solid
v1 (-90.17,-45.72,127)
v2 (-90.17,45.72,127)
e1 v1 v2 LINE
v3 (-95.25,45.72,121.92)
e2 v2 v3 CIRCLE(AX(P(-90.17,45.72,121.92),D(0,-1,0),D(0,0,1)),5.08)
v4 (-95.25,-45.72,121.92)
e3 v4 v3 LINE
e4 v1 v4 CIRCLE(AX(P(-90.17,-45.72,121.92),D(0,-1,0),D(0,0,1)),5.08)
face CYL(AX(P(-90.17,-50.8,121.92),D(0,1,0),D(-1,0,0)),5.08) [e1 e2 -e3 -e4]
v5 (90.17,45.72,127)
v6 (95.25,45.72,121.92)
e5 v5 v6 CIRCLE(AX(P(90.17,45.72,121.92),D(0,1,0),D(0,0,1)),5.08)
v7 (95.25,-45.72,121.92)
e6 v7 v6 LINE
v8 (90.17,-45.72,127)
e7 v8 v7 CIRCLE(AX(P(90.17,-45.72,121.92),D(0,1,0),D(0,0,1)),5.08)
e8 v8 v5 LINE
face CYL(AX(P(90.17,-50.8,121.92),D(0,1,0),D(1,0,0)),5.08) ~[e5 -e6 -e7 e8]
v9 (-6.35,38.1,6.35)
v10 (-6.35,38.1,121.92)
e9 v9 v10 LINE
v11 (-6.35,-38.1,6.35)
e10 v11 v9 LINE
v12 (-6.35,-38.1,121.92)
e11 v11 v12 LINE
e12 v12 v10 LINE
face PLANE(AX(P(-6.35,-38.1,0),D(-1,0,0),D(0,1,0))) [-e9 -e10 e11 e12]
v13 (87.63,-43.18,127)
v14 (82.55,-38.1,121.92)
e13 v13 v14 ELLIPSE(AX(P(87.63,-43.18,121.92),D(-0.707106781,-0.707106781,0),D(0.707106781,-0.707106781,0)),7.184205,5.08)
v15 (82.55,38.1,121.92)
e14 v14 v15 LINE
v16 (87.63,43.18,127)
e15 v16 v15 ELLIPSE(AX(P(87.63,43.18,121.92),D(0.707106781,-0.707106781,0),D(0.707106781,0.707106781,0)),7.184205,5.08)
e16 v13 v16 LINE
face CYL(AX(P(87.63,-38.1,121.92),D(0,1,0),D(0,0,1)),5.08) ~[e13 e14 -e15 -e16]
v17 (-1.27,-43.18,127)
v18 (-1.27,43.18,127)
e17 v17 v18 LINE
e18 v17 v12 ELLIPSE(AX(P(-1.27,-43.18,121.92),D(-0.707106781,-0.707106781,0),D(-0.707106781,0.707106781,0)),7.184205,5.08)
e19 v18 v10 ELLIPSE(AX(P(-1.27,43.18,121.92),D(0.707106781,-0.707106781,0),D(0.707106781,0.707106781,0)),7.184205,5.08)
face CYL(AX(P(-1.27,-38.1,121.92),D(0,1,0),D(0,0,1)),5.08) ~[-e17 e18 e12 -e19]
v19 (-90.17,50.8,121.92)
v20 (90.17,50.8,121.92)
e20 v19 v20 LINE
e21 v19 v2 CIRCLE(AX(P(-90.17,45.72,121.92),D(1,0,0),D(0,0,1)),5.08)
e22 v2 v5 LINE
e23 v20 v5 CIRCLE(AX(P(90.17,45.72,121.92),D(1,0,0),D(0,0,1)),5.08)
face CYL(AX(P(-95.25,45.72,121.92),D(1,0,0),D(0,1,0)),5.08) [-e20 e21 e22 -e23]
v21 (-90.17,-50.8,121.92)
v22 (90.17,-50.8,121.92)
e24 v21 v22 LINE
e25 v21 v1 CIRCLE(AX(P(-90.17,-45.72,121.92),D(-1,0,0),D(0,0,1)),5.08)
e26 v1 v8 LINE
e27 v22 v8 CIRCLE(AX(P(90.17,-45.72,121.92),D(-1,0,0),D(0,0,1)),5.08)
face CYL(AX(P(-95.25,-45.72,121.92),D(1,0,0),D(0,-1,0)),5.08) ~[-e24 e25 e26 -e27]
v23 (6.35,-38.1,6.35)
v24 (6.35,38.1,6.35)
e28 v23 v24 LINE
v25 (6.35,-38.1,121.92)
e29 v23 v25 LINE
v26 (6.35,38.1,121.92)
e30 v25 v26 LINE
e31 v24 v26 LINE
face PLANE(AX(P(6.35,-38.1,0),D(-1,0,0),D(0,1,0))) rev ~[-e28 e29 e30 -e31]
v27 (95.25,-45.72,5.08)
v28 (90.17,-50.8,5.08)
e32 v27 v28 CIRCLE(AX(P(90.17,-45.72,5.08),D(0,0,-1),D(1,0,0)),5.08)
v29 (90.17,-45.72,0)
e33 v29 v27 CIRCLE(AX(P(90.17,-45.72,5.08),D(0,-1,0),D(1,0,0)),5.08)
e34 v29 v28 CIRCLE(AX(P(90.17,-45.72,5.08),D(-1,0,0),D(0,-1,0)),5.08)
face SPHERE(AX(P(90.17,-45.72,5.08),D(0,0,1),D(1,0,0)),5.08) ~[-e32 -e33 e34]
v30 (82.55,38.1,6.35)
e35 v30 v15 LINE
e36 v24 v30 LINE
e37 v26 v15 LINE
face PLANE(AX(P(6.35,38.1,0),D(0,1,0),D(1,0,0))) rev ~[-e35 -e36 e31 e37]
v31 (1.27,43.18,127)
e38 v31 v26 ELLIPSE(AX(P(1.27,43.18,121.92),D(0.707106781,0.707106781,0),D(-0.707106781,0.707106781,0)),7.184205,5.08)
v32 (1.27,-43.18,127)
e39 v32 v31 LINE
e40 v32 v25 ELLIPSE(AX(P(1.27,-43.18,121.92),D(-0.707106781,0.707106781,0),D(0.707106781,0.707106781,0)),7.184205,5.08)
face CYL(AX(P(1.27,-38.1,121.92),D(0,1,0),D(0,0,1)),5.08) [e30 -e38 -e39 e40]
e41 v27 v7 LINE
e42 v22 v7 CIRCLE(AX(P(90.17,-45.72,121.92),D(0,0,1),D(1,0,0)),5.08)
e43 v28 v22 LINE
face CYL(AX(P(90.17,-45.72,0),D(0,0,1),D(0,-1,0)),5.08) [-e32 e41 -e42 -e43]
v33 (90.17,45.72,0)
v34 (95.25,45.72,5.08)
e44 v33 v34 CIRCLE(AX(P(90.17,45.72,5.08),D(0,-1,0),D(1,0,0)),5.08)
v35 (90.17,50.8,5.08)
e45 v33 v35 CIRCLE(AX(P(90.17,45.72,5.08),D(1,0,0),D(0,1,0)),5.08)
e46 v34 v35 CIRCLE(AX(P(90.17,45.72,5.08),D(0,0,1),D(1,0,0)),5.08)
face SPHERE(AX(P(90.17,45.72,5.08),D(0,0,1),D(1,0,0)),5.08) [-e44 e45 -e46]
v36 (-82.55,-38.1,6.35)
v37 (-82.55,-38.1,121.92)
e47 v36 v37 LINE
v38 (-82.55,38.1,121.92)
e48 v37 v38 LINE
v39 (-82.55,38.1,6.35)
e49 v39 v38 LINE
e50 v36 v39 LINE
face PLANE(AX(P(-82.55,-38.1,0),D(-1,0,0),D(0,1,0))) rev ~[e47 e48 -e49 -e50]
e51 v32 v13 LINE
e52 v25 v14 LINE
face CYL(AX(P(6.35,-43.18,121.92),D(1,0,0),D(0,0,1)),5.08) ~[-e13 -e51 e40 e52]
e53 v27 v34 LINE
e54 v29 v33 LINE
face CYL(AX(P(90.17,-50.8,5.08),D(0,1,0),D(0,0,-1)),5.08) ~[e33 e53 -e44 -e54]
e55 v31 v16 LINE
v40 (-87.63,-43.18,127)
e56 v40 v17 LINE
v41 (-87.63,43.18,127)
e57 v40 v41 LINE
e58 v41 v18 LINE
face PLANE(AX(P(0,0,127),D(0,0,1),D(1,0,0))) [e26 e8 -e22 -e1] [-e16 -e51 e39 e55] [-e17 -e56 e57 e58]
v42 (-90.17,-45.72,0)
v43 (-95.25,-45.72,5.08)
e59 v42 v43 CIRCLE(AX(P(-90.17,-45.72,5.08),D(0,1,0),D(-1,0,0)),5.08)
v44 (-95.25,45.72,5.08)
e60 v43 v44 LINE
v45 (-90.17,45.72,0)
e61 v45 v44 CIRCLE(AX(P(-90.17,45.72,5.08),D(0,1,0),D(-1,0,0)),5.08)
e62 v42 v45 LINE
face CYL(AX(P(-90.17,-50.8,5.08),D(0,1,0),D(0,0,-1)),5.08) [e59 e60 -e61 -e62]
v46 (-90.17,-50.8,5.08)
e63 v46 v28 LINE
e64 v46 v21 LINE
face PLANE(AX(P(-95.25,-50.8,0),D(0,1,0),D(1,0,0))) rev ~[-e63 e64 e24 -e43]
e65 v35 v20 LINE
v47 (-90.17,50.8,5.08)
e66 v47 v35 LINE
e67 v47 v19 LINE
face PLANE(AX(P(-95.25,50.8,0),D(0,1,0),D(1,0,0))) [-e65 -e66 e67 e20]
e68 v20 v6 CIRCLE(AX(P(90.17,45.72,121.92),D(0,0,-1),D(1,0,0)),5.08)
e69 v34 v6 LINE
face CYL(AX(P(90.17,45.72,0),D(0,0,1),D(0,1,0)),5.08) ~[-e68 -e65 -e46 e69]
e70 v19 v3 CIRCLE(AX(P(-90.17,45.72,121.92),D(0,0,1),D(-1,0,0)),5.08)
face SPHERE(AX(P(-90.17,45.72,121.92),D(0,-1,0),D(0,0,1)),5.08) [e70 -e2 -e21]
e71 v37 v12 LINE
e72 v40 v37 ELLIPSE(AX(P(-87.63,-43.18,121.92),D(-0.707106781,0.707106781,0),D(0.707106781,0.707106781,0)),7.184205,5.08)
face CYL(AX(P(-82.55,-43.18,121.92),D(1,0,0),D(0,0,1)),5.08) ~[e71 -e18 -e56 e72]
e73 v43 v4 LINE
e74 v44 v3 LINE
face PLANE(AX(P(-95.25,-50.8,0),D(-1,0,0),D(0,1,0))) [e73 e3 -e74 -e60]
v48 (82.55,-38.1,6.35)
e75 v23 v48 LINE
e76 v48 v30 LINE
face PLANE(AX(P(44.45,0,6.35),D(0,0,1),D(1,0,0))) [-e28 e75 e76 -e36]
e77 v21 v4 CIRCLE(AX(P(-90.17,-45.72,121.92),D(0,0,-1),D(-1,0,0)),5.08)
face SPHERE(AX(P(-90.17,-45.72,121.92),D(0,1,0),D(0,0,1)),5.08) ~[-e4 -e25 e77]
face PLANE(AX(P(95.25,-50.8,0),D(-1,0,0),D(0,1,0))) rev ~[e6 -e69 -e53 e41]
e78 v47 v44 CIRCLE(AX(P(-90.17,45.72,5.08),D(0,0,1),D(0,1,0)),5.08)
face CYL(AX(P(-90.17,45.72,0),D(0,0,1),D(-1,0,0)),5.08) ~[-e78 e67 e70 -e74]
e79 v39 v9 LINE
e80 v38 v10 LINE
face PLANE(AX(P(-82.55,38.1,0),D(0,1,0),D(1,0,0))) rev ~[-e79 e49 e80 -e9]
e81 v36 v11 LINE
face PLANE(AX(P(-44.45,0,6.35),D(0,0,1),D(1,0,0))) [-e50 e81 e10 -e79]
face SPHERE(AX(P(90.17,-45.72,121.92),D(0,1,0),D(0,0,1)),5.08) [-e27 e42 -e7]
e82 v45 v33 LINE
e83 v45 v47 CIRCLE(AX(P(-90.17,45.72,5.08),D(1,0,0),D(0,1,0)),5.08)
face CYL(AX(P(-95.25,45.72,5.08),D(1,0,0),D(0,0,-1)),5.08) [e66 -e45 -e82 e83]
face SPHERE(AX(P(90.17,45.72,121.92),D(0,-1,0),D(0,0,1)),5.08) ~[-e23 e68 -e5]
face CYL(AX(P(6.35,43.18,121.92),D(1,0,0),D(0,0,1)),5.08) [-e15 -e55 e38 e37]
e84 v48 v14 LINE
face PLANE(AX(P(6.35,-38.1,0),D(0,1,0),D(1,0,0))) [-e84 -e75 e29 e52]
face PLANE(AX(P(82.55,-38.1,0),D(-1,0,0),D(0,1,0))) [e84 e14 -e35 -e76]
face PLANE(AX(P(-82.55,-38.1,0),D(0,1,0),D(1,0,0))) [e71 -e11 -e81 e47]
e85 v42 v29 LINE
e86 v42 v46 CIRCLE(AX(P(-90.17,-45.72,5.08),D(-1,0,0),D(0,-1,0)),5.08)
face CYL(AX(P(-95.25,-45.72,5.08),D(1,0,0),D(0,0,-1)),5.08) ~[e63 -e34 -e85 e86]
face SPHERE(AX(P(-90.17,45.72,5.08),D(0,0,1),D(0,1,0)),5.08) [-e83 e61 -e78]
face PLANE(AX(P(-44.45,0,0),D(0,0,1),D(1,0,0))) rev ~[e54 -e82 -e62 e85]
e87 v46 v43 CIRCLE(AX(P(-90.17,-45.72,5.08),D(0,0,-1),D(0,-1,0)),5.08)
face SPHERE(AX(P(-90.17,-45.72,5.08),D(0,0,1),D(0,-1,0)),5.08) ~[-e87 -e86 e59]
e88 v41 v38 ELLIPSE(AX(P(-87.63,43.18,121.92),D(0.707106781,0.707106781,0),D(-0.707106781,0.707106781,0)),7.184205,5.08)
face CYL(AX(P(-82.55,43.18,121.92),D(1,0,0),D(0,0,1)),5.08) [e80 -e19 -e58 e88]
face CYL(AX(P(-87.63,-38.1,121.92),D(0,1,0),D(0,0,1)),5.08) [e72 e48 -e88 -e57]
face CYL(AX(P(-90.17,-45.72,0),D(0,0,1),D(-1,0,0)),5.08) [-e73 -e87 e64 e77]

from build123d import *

# Parameters (mm, degrees)
F0_W     = 190.5
F0_H     = 101.6
F0_W_2   = 76.2
F0_H_2   = 76.2
F1_DEPTH = 127
F2_DEPTH = 6.35
F3_R     = 5.08


with BuildPart() as f1:
    # F0 (on Top) → F1 (new body)
    with BuildSketch(Plane.XY):
        Rectangle(F0_W, F0_H)
        with Locations((-44.45, 0)):
            Rectangle(F0_W_2, F0_H_2, mode=Mode.SUBTRACT)
        with Locations((44.45, 0)):
            Rectangle(F0_W_2, F0_H_2, mode=Mode.SUBTRACT)
    extrude(amount=F1_DEPTH)

    # F0 (on Top) → F2 (join)
    with BuildSketch(Plane.XY):
        with Locations((-44.45, 0)):
            Rectangle(F0_W_2, F0_H_2)
        with Locations((44.45, 0)):
            Rectangle(F0_W_2, F0_H_2)
    extrude(amount=F2_DEPTH)

    # F3
    f3_edges = [f1.edges().sort_by_distance(p)[0] for p in [
        (-95.25, 0, 127),
        (-82.55, 0, 127),
        (-44.45, 38.1, 127),
        (-6.35, 0, 127),
        (-44.45, -38.1, 127),
        (6.35, 0, 127),
        (44.45, -38.1, 127),
        (44.45, 38.1, 127),
        (82.55, 0, 127),
        (95.25, 0, 127),
        (0, -50.8, 127),
        (0, 50.8, 127),
        (95.25, -50.8, 63.5),
        (95.25, 50.8, 63.5),
        (-95.25, -50.8, 63.5),
        (-95.25, 50.8, 63.5),
        (95.25, 0, 0),
        (0, -50.8, 0),
        (0, 50.8, 0),
        (-95.25, 0, 0),
    ]]
    fillet(f3_edges, radius=F3_R)


solid = f1.part
